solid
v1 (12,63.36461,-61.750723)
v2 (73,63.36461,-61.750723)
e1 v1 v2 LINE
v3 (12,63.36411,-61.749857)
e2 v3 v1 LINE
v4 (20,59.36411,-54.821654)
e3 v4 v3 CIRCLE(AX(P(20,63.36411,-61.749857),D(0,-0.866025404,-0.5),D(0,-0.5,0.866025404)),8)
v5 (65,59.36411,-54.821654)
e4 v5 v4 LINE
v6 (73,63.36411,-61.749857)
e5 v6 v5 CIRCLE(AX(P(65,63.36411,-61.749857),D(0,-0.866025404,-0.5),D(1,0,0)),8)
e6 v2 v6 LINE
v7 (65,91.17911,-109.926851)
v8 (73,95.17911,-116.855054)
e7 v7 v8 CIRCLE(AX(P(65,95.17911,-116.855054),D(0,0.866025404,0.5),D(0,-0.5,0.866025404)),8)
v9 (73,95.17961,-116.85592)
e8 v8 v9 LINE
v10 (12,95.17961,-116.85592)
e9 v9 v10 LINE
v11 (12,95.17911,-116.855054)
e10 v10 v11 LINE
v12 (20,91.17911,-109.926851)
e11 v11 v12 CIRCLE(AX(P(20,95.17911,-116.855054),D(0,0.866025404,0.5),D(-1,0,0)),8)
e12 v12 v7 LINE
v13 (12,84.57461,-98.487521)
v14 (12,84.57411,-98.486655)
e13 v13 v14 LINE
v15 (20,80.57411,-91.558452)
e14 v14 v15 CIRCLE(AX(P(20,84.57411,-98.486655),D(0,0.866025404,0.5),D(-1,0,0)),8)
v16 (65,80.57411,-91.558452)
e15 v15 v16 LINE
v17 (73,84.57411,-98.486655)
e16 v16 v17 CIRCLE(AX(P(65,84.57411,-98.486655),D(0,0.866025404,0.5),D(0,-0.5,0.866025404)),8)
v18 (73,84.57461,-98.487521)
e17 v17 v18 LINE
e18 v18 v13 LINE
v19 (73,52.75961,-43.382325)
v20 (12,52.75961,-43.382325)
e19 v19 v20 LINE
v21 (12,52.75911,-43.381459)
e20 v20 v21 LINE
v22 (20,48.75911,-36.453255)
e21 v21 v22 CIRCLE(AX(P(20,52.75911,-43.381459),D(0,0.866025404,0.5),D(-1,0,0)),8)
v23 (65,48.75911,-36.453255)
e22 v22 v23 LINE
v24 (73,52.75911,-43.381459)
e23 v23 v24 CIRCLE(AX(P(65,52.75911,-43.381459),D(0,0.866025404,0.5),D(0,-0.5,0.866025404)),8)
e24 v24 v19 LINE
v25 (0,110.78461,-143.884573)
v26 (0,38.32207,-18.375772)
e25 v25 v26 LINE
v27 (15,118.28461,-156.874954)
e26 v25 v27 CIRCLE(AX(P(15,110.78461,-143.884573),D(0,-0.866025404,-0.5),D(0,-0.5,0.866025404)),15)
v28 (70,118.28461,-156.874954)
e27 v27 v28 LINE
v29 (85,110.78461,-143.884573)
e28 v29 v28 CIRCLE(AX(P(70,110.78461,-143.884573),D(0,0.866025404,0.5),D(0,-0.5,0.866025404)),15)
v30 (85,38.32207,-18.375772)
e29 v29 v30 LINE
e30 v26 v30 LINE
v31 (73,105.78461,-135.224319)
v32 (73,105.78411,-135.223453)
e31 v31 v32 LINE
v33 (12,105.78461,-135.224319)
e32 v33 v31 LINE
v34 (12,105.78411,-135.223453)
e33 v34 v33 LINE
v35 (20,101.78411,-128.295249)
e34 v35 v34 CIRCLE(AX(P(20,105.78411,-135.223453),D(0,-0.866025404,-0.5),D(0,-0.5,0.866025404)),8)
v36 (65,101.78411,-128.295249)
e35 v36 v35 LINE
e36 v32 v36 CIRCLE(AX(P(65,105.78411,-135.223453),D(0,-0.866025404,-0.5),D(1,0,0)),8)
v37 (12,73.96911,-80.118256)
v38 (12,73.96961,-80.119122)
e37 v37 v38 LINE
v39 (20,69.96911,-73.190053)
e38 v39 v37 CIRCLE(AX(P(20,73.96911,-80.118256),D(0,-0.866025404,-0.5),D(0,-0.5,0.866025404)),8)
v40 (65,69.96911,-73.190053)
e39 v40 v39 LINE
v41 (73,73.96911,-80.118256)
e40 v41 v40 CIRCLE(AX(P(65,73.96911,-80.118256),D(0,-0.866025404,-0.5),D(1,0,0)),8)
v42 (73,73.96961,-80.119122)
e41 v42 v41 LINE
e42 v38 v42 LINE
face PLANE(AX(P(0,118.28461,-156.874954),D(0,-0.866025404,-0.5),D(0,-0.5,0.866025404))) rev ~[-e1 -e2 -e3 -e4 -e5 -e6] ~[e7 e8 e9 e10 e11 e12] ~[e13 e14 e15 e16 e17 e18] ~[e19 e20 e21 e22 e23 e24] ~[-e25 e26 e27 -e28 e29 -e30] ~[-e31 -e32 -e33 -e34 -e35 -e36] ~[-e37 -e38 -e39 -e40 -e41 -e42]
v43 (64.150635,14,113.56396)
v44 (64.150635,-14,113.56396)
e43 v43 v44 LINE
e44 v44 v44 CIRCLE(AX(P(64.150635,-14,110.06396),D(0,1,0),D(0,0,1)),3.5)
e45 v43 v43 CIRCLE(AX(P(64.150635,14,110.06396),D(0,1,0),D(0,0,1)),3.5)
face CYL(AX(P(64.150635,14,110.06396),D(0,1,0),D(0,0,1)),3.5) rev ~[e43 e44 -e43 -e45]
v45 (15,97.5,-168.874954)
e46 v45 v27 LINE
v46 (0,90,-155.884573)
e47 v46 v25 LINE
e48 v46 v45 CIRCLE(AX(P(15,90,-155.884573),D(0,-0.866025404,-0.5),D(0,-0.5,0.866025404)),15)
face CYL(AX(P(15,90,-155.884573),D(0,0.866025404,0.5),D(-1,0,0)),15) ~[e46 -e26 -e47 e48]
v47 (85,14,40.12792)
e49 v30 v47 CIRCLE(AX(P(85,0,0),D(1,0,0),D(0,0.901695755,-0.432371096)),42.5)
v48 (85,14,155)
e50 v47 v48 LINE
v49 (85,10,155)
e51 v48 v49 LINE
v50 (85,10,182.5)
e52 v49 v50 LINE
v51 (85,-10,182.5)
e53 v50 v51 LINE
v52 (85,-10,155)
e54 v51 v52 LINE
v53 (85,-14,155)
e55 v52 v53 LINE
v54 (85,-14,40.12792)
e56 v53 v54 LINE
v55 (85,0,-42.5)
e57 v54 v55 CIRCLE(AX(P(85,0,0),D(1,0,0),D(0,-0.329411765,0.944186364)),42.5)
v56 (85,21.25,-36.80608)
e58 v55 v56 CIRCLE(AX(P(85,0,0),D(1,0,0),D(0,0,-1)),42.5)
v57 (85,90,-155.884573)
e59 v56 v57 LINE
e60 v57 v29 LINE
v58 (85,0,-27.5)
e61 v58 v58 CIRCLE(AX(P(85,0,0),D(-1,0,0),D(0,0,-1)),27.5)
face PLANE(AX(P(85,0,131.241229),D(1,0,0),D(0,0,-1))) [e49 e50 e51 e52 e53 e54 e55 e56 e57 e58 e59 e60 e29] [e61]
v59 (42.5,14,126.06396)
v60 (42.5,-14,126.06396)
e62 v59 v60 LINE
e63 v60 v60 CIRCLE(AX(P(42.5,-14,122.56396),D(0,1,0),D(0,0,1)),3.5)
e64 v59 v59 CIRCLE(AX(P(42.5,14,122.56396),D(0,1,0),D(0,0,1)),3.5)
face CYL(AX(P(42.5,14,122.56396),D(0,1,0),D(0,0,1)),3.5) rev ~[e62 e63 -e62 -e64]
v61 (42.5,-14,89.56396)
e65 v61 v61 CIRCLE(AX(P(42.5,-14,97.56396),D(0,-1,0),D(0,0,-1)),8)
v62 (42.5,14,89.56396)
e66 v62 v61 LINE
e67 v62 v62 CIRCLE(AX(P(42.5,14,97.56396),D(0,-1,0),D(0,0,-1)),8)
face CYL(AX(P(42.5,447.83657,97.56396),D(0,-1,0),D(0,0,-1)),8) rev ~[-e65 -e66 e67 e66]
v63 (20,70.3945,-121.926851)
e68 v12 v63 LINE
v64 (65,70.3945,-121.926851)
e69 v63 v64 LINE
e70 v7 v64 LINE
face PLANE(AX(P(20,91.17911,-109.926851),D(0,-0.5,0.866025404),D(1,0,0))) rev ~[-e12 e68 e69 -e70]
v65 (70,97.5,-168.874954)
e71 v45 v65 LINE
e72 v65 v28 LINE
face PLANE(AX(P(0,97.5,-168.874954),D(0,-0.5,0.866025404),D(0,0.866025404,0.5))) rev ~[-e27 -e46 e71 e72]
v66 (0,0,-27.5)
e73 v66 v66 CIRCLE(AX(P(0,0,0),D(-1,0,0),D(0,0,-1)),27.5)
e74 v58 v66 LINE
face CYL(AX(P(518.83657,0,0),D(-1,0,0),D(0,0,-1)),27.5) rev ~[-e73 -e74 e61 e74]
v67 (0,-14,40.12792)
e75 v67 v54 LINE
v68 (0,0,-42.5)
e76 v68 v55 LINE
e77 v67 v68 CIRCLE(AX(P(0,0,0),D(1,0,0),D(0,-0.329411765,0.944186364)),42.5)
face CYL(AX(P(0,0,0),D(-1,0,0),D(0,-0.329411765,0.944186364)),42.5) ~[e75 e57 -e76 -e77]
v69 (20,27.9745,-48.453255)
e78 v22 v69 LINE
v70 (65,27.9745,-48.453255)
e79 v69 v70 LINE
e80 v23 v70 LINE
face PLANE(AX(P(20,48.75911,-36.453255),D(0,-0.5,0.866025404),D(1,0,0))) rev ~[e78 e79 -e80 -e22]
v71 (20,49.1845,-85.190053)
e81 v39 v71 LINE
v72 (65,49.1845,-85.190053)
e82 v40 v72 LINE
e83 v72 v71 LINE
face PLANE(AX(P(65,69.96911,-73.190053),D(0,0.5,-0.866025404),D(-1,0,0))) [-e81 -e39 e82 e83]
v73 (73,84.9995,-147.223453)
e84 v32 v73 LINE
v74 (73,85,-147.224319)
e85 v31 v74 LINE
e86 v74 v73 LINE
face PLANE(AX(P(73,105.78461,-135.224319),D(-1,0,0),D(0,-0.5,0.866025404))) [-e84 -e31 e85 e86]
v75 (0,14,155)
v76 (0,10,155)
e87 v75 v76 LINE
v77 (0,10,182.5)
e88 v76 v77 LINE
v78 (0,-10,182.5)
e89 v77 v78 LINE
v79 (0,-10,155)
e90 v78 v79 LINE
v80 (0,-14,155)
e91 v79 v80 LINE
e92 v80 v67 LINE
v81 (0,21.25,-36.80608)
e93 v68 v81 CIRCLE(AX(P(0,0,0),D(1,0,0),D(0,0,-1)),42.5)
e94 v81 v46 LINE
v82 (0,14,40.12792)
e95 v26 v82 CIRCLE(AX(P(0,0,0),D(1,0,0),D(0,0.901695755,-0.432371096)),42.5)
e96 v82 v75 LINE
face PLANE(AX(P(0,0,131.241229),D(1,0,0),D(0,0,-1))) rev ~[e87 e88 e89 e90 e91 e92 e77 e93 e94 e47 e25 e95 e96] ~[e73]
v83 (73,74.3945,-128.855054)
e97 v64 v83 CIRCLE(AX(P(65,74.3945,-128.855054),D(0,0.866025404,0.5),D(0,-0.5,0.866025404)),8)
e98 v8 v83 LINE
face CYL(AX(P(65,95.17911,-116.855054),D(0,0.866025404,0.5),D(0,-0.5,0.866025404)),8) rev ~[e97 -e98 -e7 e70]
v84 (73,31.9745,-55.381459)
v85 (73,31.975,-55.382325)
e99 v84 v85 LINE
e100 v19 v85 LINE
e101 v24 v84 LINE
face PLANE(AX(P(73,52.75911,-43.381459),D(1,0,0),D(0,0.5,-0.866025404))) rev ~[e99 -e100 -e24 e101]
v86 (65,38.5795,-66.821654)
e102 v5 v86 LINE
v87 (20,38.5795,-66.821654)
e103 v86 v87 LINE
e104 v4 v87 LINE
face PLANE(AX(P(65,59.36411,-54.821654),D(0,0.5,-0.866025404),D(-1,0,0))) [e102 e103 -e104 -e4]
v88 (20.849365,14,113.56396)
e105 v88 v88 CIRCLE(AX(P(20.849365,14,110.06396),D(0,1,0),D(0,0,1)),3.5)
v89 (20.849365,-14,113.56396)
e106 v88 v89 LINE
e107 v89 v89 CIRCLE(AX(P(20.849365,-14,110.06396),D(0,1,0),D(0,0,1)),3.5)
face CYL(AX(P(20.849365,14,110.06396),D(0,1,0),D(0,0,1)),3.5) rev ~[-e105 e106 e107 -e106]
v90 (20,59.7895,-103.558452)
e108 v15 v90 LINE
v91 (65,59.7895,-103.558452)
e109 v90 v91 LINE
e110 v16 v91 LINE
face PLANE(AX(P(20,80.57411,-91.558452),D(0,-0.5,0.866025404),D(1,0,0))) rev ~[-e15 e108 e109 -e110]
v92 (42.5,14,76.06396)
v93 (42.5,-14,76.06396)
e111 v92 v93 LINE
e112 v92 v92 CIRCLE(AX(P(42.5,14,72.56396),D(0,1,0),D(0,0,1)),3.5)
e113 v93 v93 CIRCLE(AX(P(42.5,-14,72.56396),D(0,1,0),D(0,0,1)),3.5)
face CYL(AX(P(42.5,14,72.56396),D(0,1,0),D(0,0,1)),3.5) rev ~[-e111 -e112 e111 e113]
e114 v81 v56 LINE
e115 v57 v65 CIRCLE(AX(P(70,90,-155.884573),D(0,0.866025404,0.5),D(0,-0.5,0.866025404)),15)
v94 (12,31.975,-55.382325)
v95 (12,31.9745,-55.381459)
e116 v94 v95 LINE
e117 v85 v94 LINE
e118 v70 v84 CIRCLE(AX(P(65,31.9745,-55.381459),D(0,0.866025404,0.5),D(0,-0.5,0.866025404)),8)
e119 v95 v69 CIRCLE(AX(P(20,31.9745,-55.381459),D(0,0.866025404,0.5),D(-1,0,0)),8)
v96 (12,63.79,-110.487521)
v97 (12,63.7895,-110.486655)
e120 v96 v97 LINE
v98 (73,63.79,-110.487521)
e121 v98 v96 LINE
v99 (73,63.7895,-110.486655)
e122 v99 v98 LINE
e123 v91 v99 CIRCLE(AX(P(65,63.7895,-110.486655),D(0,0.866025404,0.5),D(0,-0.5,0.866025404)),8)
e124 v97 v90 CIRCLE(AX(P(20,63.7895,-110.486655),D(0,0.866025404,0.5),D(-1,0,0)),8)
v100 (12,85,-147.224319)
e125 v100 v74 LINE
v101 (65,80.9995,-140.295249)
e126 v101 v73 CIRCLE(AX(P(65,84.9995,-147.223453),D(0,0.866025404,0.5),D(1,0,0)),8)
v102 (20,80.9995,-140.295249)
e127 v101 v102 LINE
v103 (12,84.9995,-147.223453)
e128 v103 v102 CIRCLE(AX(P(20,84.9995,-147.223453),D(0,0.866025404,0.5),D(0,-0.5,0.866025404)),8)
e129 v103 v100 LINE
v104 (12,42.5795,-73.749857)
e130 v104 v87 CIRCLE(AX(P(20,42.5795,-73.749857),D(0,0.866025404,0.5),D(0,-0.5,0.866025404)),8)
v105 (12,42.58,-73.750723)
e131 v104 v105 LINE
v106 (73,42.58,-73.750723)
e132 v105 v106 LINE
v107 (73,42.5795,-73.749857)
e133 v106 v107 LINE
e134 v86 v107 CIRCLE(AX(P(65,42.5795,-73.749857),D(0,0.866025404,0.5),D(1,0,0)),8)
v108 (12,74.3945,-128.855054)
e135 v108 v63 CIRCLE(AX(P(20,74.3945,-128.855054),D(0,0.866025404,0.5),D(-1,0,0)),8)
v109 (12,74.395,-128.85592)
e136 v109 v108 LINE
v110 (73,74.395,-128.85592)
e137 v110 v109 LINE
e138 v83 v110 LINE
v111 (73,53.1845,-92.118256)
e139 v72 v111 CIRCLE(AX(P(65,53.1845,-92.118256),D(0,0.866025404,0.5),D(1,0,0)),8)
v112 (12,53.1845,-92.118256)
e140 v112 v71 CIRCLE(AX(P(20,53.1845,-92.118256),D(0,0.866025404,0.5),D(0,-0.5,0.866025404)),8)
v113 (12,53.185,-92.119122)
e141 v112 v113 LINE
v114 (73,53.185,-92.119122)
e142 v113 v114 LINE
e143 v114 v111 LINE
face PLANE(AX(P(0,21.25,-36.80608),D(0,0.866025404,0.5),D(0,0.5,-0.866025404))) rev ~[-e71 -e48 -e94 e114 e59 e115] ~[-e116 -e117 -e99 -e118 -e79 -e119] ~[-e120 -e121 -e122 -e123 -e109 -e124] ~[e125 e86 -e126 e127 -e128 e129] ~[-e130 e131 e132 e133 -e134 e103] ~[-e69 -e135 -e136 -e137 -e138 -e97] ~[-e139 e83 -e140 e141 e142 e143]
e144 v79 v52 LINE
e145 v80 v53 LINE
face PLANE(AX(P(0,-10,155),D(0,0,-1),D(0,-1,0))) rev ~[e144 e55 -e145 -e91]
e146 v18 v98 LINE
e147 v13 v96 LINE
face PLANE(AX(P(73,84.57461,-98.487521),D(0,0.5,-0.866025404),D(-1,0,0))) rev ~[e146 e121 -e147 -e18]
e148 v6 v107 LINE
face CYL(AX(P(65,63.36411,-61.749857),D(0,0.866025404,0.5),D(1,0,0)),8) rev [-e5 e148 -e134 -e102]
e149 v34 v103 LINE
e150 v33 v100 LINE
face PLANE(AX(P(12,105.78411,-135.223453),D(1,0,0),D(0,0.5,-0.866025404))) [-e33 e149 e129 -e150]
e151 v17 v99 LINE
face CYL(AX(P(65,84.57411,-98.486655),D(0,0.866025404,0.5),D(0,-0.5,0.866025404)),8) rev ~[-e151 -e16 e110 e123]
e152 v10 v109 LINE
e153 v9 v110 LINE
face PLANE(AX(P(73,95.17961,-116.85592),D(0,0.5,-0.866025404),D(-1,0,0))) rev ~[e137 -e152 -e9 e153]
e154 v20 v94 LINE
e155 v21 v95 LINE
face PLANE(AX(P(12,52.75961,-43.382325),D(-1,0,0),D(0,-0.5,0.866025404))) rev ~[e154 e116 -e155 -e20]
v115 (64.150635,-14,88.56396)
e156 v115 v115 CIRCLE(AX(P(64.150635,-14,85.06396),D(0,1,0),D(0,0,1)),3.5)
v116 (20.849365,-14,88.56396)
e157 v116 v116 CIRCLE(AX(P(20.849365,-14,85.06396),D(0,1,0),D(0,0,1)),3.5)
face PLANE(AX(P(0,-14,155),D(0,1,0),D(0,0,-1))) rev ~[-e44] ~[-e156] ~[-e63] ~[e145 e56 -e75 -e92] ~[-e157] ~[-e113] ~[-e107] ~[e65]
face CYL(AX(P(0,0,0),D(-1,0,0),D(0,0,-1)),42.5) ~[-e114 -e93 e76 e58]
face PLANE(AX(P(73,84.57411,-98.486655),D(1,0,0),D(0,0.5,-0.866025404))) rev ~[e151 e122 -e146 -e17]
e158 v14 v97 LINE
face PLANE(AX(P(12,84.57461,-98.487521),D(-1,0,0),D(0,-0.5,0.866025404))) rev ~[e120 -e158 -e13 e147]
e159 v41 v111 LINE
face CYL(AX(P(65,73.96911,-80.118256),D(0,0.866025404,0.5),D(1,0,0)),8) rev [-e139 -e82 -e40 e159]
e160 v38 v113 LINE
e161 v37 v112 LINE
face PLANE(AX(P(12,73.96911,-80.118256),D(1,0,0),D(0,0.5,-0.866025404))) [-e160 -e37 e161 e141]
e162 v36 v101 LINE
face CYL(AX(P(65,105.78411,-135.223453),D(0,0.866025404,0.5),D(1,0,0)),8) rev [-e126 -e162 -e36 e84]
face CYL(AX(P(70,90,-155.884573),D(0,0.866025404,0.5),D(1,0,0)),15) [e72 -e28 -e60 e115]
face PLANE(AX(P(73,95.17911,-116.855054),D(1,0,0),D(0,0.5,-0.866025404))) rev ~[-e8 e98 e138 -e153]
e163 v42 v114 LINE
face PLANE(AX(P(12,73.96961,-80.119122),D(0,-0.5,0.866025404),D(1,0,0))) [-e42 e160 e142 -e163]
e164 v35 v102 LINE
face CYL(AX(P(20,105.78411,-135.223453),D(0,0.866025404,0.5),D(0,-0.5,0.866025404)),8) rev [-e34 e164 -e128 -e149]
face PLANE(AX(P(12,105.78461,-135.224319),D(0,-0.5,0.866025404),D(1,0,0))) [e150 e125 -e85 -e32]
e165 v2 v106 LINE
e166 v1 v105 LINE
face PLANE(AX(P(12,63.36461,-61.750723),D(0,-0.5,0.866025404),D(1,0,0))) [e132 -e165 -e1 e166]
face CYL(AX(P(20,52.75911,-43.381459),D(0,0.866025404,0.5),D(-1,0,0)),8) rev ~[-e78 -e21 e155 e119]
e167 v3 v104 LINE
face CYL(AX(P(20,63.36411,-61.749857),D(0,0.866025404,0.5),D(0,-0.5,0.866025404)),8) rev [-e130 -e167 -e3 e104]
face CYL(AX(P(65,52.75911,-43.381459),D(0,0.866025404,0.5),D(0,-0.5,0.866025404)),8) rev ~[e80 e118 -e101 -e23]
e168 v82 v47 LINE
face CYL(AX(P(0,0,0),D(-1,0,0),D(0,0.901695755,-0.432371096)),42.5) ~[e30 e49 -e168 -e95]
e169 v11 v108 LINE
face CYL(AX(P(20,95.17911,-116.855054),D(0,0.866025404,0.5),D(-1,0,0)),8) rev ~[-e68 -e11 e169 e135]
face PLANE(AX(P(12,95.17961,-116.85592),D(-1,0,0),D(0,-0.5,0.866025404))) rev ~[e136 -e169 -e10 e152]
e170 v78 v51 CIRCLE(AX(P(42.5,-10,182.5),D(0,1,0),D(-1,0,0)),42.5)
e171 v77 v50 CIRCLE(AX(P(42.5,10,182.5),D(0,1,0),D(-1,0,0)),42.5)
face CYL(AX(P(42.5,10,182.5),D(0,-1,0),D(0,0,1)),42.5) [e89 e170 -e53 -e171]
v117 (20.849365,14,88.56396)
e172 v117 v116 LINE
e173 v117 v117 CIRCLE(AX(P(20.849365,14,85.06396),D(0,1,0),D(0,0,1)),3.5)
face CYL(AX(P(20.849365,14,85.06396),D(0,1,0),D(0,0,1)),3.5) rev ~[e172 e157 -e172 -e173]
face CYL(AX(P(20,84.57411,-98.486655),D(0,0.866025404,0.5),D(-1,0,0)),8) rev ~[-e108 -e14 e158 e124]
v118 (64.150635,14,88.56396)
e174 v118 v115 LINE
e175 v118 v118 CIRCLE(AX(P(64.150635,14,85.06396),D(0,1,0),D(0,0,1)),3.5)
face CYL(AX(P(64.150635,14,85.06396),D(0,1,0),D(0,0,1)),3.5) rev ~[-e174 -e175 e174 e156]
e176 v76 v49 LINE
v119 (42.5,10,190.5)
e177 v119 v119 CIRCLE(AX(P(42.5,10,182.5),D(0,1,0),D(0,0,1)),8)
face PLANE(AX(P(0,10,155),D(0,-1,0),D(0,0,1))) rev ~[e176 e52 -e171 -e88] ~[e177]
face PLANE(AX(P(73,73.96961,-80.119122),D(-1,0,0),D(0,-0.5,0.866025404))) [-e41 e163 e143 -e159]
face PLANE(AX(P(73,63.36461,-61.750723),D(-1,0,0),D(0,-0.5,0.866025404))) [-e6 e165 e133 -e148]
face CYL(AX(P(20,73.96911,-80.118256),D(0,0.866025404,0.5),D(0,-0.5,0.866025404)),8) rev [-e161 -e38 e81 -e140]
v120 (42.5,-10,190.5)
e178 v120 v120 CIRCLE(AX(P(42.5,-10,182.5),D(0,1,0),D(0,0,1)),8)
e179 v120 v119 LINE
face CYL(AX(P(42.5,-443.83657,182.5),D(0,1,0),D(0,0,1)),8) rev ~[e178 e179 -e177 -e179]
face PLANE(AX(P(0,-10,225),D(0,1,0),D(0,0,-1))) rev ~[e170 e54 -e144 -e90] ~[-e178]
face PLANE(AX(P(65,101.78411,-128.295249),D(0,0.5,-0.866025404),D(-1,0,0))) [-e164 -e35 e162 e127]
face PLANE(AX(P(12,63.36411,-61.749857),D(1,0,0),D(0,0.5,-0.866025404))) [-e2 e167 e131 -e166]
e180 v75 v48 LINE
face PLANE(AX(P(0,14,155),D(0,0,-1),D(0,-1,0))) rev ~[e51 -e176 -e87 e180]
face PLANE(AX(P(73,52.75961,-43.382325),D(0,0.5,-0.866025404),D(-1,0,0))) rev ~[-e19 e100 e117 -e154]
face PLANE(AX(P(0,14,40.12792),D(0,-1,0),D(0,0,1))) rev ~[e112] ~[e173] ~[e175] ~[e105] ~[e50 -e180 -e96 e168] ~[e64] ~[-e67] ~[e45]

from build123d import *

# Parameters (mm, degrees)
BOSS_EXTRUDE1_DEPTH        = 85
F_16_0_55_DIAMETER_HOLE1_D = 55
CUT_EXTRUDE1_DEPTH         = 85
FILLET1_RADIUS             = 42.5
FILLET1_LENGTH             = 20
F_16_0_16_DIAMETER_HOLE1_D = 16
F_16_0_16_DIAMETER_HOLE2_D = 16
SKETCH9_R                  = 3.5
CUT_EXTRUDE2_DEPTH         = 85
FILLET2_R                  = 15


with BuildPart() as part:
    # Sketch1 → Boss-Extrude1 (new body)
    with BuildSketch(Plane(origin=(0, 0, 0), x_dir=(0, 0, -1), z_dir=(1, 0, 0))):
        with BuildLine():
            ThreePointArc((-40.127920454, -14), (-42.5, 0), (-40.127920454, 14))
            Line((-40.127920454, 14), (-155, 14))
            Line((-155, 14), (-155, 10))
            Line((-155, 10), (-225, 10))
            Line((-225, 10), (-225, -10))
            Line((-225, -10), (-155, -10))
            Line((-155, -10), (-155, -14))
            Line((-155, -14), (-40.127920454, -14))
        make_face()
        with BuildLine():
            Line((36.806079661, 21.25), (0, 0))
            Line((0, 0), (0, -10))
            Line((0, -10), (0, -14))
            Line((0, -14), (-40.127920454, -14))
            ThreePointArc((-40.127920454, -14), (7.099766922, -41.902784032), (42.5, 0))
            ThreePointArc((42.5, 0), (41.051847617, 10.999809417), (36.806079661, 21.25))
        make_face()
        with BuildLine():
            Line((0, -10), (0, 0))
            Line((0, 0), (-8.082903769, 14))
            Line((-8.082903769, 14), (-40.127920454, 14))
            ThreePointArc((-40.127920454, 14), (-42.5, 0), (-40.127920454, -14))
            Line((-40.127920454, -14), (0, -14))
            Line((0, -14), (0, -10))
        make_face()
        with BuildLine():
            Line((-40.127920454, 14), (-8.082903769, 14))
            Line((-8.082903769, 14), (-12, 20.784609691))
            Line((-12, 20.784609691), (18.375771595, 38.322069598))
            ThreePointArc((18.375771595, 38.322069598), (-16.315016469, 39.243728641), (-40.127920454, 14))
        make_face()
        Polygon((-8.082903769, 14), (0, 0), (0, 10), (0, 14), align=None)
        with BuildLine():
            Line((0, 10), (0, 0))
            Line((0, 0), (36.806079661, 21.25))
            ThreePointArc((36.806079661, 21.25), (28.88118881, 31.178950157), (18.375771595, 38.322069598))
            Line((18.375771595, 38.322069598), (-12, 20.784609691))
            Line((-12, 20.784609691), (-8.082903769, 14))
            Line((-8.082903769, 14), (0, 14))
            Line((0, 14), (0, 10))
        make_face()
        with BuildLine():
            ThreePointArc((18.375771595, 38.322069598), (28.88118881, 31.178950157), (36.806079661, 21.25))
            Line((36.806079661, 21.25), (168.874953738, 97.5))
            Line((168.874953738, 97.5), (156.874953738, 118.284609691))
            Line((156.874953738, 118.284609691), (18.375771595, 38.322069598))
        make_face()
    extrude(amount=BOSS_EXTRUDE1_DEPTH)

    # Ø16.0 (55) Diameter Hole1 (through all)
    with Locations(Plane(origin=(85, 0, 0), x_dir=(0, 0, 1), z_dir=(1, 0, 0))):
        with Locations((0, 0)):
            Hole(F_16_0_55_DIAMETER_HOLE1_D / 2)

    # Sketch3 → Cut-Extrude1 (cut)
    with BuildSketch(Plane(origin=(0, 20.784609691, 12), x_dir=(1, 0, 0), z_dir=(0, 0.8660254037844386, 0.5000000000000002))):
        with BuildLine():
            Line((73, 127.58), (12, 127.58))
            Line((12, 127.58), (12, 127.579))
            ThreePointArc((12, 127.579), (14.343145751, 121.922145751), (20, 119.579))
            Line((20, 119.579), (65, 119.579))
            ThreePointArc((65, 119.579), (70.656854249, 121.922145751), (73, 127.579))
            Line((73, 127.579), (73, 127.58))
        make_face()
        with BuildLine():
            ThreePointArc((73, 106.369), (70.656854249, 100.712145751), (65, 98.369))
            Line((65, 98.369), (20, 98.369))
            ThreePointArc((20, 98.369), (14.343145751, 100.712145751), (12, 106.369))
            Line((12, 106.369), (12, 106.37))
            Line((12, 106.37), (73, 106.37))
            Line((73, 106.37), (73, 106.369))
        make_face()
        with BuildLine():
            ThreePointArc((73, 85.159), (70.656854249, 79.502145751), (65, 77.159))
            Line((65, 77.159), (20, 77.159))
            ThreePointArc((20, 77.159), (14.343145751, 79.502145751), (12, 85.159))
            Line((12, 85.159), (12, 85.16))
            Line((12, 85.16), (73, 85.16))
            Line((73, 85.16), (73, 85.159))
        make_face()
        with BuildLine():
            Line((73, 63.95), (12, 63.95))
            Line((12, 63.95), (12, 63.949))
            ThreePointArc((12, 63.949), (14.343145751, 58.292145751), (20, 55.949))
            Line((20, 55.949), (65, 55.949))
            ThreePointArc((65, 55.949), (70.656854249, 58.292145751), (73, 63.949))
            Line((73, 63.949), (73, 63.95))
        make_face()
        with BuildLine():
            Line((12, 170), (73, 170))
            Line((73, 170), (73, 169.999))
            ThreePointArc((73, 169.999), (70.656854249, 164.342145751), (65, 161.999))
            Line((65, 161.999), (20, 161.999))
            ThreePointArc((20, 161.999), (14.343145751, 164.342145751), (12, 169.999))
            Line((12, 169.999), (12, 170))
        make_face()
        with BuildLine():
            Line((73, 148.79), (12, 148.79))
            Line((12, 148.79), (12, 148.789))
            ThreePointArc((12, 148.789), (14.343145751, 143.132145751), (20, 140.789))
            Line((20, 140.789), (65, 140.789))
            ThreePointArc((65, 140.789), (70.656854249, 143.132145751), (73, 148.789))
            Line((73, 148.789), (73, 148.79))
        make_face()
    extrude(amount=-CUT_EXTRUDE1_DEPTH, mode=Mode.SUBTRACT)

    # Fillet1: full round fillet: the end face becomes a half cylinder, R = half its width
    fillet1_face = Plane((42.5, 0, 225), x_dir=(0, -1, 0), z_dir=(0, 0, 1))  # on the end face: x along it, z out of the body
    fillet1_slab = fillet1_face.offset(-FILLET1_RADIUS / 2) * Box(FILLET1_LENGTH, 2 * FILLET1_RADIUS, FILLET1_RADIUS, mode=Mode.PRIVATE)  # the body's end, R deep
    fillet1_round = Plane((42.5, 0, 182.5), x_dir=(0, 0, 1), z_dir=(0, -1, 0)) * Cylinder(FILLET1_RADIUS, FILLET1_LENGTH, mode=Mode.PRIVATE)  # its axis R under the face
    add(fillet1_slab - fillet1_round, mode=Mode.SUBTRACT)

    # Ø16.0 (16) Diameter Hole1 (through all)
    with Locations(Plane(origin=(42.5, -10, 182.5), x_dir=(0, 0, -1), z_dir=(0, -1, 0))):
        with Locations((0, 0)):
            Hole(F_16_0_16_DIAMETER_HOLE1_D / 2)

    # Ø16.0 (16) Diameter Hole2 (through all)
    with Locations(Plane(origin=(42.5, 14, 97.563960227), x_dir=(0, 0, 1), z_dir=(0, 1, 0))):
        with Locations((0, 0)):
            Hole(F_16_0_16_DIAMETER_HOLE2_D / 2)

    # Sketch9 → Cut-Extrude2 (cut)
    with BuildSketch(Plane(origin=(0, 14, 0), x_dir=(1, 0, 0), z_dir=(0, 1, 0))):
        with Locations(Location((42.5, -72.563960227, 0), (0, 0, 270))):
            Circle(SKETCH9_R)
        with Locations(Location((64.150635095, -85.063960227, 0), (0, 0, 270))):
            Circle(SKETCH9_R)
        with Locations(Location((64.150635095, -110.063960227, 0), (0, 0, 270))):
            Circle(SKETCH9_R)
        with Locations(Location((42.5, -122.563960227, 0), (0, 0, 270))):
            Circle(SKETCH9_R)
        with Locations(Location((20.849364905, -110.063960227, 0), (0, 0, 270))):
            Circle(SKETCH9_R)
        with Locations(Location((20.849364905, -85.063960227, 0), (0, 0, 270))):
            Circle(SKETCH9_R)
    extrude(amount=-CUT_EXTRUDE2_DEPTH, mode=Mode.SUBTRACT)

    # Fillet2
    fillet2_edges = [part.edges().sort_by_distance(p)[0] for p in [
        (85, 107.892304845, -162.874953738),
        (0, 107.892304845, -162.874953738),
    ]]
    fillet(fillet2_edges, radius=FILLET2_R)


solid = part.part
